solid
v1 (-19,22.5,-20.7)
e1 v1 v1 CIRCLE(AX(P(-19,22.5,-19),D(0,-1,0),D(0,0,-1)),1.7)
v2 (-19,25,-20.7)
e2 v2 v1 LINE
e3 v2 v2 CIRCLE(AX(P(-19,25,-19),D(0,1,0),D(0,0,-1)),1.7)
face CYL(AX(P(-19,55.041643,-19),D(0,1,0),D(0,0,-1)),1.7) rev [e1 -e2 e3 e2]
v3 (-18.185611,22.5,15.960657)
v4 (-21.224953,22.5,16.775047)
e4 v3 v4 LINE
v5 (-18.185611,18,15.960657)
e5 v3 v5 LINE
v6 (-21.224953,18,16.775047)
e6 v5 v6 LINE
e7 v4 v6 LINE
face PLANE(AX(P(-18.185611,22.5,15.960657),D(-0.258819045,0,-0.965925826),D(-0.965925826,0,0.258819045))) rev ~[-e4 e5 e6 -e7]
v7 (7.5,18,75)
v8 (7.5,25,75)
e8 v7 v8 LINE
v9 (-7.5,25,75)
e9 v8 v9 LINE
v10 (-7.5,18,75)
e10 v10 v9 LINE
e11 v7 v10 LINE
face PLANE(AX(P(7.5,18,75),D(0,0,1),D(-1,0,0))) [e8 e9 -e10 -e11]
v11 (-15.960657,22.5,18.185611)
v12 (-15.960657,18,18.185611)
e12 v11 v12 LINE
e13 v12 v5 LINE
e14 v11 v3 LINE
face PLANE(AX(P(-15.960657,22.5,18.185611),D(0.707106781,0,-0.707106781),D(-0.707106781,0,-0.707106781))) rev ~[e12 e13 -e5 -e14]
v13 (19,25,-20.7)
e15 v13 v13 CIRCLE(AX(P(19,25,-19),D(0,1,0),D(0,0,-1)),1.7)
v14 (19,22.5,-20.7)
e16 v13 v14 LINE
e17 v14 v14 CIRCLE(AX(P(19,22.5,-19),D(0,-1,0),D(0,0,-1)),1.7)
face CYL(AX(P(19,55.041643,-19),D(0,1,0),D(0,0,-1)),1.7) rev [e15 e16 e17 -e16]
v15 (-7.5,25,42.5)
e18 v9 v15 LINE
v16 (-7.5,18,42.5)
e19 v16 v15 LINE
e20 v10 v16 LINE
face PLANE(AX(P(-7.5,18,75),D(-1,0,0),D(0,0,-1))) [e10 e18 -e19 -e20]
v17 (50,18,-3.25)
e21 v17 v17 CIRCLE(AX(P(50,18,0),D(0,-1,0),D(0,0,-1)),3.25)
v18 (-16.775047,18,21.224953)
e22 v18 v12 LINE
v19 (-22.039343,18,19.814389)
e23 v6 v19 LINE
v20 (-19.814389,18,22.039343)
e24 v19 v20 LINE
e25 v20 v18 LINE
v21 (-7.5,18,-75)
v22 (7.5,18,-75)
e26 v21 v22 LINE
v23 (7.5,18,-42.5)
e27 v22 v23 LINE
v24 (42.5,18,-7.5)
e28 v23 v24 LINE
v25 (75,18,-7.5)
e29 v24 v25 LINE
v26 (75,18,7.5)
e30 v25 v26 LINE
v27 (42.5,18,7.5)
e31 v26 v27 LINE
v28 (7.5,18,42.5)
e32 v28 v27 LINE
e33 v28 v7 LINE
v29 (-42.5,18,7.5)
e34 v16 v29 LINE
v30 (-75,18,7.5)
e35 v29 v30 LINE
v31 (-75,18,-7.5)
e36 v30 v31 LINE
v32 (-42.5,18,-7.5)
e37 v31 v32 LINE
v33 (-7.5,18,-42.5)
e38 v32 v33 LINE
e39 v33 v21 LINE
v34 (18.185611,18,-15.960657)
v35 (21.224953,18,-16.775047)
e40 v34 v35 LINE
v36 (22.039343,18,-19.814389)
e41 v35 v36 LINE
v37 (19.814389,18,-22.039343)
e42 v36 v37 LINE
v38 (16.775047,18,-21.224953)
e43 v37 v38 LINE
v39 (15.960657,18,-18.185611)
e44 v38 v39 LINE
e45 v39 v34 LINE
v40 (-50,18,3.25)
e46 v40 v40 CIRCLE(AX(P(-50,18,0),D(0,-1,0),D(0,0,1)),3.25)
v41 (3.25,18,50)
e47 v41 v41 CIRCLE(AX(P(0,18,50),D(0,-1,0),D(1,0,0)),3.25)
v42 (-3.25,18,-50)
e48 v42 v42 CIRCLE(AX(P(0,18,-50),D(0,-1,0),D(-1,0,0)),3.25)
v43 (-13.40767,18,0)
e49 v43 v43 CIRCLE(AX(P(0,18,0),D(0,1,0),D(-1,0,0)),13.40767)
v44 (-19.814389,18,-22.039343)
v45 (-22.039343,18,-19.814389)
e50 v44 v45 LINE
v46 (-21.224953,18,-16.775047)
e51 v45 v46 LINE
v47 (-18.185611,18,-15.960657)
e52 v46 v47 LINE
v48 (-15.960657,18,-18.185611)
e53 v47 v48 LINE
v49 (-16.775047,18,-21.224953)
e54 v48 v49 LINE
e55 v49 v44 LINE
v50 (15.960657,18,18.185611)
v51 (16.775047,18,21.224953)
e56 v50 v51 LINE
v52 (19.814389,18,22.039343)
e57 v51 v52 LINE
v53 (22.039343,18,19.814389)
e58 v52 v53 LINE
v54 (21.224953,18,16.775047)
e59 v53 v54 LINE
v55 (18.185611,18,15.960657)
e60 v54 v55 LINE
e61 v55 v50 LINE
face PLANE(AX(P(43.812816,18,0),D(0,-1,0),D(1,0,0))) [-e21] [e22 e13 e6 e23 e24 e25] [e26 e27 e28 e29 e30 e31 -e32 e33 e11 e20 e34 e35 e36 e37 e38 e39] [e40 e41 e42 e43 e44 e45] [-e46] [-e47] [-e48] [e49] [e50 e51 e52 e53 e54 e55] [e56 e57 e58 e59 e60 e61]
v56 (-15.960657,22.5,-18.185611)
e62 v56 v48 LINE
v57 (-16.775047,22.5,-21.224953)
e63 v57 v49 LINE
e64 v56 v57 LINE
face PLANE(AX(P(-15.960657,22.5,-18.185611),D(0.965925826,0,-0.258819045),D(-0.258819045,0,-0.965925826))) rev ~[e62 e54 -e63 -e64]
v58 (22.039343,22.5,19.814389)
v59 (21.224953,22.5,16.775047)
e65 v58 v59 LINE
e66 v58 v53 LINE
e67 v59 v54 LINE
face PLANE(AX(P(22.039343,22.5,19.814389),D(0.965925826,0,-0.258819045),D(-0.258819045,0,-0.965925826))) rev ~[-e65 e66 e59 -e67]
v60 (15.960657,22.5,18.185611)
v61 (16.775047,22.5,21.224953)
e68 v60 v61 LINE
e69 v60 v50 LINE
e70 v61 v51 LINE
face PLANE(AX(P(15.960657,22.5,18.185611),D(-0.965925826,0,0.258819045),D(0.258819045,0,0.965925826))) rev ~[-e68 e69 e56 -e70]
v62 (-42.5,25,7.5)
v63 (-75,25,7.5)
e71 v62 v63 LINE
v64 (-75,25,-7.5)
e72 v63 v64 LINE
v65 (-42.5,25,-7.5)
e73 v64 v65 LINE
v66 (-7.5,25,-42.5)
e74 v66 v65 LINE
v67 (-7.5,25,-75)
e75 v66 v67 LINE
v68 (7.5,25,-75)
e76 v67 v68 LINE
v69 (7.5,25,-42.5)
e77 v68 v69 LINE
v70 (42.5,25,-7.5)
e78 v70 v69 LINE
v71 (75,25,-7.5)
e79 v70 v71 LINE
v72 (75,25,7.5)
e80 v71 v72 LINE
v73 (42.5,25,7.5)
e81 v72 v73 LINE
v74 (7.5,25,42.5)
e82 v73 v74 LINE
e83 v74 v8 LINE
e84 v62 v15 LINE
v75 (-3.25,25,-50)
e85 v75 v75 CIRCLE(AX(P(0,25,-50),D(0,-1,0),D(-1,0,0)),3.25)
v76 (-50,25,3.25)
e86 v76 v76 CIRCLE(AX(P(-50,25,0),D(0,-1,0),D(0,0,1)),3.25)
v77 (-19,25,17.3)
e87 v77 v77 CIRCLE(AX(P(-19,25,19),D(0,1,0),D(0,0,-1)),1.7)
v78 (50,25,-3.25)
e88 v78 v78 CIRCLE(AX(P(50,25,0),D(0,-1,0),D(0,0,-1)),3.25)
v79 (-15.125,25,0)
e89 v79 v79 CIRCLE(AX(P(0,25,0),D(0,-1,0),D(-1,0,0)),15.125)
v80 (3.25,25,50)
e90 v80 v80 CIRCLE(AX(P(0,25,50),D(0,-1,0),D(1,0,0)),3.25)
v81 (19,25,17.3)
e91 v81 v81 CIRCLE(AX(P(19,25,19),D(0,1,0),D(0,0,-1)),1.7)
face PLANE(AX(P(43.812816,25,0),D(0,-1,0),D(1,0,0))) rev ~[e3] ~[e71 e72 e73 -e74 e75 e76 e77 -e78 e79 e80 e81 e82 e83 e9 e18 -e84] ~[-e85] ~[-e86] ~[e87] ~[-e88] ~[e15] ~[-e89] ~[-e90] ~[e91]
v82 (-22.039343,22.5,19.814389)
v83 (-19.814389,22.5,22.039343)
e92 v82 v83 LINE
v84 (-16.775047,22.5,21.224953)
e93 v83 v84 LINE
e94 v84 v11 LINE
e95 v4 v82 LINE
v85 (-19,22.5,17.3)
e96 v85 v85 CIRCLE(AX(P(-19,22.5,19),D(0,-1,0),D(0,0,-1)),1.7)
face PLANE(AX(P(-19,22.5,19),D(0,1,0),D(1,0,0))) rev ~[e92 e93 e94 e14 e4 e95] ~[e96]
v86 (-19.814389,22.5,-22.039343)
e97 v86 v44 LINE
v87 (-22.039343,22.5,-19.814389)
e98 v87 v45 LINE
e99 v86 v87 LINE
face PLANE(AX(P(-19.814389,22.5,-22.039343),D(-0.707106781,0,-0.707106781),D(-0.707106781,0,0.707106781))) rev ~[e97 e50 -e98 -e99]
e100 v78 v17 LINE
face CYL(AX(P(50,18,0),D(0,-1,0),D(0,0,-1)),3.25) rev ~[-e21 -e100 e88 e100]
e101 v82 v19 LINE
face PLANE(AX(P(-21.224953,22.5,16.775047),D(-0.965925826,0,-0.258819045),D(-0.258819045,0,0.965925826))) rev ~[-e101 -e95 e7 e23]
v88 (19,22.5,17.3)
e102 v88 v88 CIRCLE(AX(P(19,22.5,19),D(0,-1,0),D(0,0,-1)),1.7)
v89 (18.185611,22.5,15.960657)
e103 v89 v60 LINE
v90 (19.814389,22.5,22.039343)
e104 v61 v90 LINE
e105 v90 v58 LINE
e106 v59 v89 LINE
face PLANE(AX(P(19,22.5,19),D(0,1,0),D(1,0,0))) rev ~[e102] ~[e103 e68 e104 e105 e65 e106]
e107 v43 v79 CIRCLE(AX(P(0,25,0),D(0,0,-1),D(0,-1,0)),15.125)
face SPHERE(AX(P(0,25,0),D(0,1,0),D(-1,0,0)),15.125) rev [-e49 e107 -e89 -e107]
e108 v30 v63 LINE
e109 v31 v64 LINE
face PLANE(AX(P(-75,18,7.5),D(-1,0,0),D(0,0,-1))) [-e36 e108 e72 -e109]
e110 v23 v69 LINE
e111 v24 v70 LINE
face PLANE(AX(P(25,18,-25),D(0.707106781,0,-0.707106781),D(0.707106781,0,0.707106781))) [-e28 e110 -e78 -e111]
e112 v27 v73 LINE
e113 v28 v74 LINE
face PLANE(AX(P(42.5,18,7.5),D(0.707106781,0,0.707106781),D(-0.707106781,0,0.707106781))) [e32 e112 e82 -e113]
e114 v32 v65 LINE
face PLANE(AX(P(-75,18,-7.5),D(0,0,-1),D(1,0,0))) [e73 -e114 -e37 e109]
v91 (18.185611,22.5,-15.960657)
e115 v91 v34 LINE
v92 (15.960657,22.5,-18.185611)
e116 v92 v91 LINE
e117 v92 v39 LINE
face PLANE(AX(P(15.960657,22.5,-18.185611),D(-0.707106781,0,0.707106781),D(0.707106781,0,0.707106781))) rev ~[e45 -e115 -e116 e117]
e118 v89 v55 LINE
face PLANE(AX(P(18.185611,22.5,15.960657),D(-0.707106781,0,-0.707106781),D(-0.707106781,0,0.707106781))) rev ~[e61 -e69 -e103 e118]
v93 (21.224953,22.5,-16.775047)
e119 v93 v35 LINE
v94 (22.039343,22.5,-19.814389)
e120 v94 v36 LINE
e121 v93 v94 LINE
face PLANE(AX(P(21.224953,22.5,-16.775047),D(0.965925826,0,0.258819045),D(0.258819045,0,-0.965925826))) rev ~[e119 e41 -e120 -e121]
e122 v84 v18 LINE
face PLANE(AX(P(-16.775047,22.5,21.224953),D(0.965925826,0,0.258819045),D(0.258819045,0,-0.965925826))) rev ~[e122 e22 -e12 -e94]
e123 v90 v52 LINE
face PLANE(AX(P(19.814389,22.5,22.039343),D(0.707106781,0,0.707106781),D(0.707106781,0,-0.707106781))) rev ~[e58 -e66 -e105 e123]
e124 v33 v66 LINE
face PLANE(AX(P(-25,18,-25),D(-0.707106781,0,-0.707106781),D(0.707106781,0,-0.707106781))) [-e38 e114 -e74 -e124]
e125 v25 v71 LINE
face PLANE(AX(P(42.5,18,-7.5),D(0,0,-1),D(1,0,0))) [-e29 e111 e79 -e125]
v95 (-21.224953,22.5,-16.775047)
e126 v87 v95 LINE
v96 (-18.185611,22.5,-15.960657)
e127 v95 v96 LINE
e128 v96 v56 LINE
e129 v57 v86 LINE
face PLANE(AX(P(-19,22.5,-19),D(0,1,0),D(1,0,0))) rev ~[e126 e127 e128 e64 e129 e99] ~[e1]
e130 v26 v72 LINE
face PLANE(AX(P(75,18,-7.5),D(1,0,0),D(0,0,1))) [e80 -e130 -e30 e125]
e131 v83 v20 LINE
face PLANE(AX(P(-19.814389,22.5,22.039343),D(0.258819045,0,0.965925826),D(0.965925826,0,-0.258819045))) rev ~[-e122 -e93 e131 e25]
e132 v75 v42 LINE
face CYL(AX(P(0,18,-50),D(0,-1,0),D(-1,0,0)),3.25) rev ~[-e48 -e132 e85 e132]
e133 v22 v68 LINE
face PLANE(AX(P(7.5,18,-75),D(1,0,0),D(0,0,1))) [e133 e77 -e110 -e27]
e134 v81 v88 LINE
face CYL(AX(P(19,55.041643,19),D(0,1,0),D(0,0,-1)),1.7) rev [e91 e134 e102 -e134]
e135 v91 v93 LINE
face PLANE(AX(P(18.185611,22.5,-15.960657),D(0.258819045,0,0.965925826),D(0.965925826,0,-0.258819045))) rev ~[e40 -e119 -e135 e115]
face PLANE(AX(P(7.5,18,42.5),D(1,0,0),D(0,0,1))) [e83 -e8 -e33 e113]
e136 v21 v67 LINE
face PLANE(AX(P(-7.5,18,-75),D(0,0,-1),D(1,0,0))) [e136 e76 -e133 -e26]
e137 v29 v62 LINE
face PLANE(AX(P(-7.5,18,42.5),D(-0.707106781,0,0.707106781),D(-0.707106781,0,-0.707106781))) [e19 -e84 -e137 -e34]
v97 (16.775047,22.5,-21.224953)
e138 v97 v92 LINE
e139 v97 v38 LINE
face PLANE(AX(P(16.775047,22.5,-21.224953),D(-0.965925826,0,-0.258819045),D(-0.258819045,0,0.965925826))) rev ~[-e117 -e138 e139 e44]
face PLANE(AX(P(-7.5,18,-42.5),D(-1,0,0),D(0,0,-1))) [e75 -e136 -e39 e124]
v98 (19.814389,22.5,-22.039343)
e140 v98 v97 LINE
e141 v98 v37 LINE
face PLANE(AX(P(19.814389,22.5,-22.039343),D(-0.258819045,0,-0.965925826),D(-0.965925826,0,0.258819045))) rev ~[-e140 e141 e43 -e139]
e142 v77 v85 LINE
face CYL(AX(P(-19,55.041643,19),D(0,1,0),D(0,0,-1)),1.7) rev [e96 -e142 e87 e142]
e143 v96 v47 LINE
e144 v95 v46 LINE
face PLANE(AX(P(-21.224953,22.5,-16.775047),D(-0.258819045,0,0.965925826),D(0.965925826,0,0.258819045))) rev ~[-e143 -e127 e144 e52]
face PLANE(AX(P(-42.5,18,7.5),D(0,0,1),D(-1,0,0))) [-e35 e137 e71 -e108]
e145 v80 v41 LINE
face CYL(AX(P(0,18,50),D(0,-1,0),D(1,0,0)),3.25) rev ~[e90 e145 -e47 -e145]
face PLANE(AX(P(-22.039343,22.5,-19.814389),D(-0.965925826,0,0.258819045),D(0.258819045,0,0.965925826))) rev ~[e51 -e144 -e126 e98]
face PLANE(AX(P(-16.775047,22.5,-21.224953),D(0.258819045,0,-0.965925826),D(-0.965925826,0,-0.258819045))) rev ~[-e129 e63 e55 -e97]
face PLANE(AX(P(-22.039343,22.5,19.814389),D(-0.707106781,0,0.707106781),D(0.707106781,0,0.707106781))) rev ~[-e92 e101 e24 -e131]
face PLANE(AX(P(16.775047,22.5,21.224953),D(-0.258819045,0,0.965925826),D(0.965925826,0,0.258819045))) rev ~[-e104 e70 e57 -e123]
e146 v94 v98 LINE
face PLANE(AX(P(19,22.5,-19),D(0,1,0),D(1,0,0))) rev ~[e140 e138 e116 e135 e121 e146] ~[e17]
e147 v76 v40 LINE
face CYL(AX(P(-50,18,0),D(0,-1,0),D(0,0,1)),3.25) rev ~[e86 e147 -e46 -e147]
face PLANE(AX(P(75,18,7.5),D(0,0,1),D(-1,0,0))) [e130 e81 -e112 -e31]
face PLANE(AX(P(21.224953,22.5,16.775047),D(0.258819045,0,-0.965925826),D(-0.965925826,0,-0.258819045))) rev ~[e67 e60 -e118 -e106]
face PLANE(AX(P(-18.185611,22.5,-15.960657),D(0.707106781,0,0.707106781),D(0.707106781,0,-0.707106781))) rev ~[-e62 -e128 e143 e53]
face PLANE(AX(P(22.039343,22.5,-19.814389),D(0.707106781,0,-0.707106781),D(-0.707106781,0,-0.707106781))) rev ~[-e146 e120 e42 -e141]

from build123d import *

# Parameters (mm, degrees)
SKETCH1_W               = 50
SKETCH1_H               = 50
BOSS_EXTRUDE1_DEPTH     = 25
CUT_EXTRUDE1_DEPTH      = 44.301270189
CUT_EXTRUDE1_DEPTH_BACK = 44.301270189
SKETCH3_R               = 5.1
CUT_EXTRUDE2_DEPTH      = 62.23724357
CUT_EXTRUDE2_DEPTH_BACK = 62.23724357
SKETCH4_W               = 50
SKETCH4_H               = 18
CUT_EXTRUDE3_START      = -2.5
SKETCH5_R               = 1.7
CUT_EXTRUDE3_DEPTH      = 34.541642582
CUT_EXTRUDE5_DEPTH      = 37.041642582
CUT_EXTRUDE5_DEPTH_BACK = 37.041642582
SKETCH6_R               = 1.7
BOSS_EXTRUDE5_DEPTH     = 7
SKETCH8_R               = 3.25
CUT_EXTRUDE6_DEPTH      = 107.296754419
CIRPATTERN1_COUNT       = 4


with BuildPart() as part:
    # Sketch1 → Boss-Extrude1 (new body)
    with BuildSketch(Plane(origin=(0, 0, 0), x_dir=(1, 0, 0), z_dir=(0, 1, 0))):
        Rectangle(SKETCH1_W, SKETCH1_H)
    extrude(amount=BOSS_EXTRUDE1_DEPTH)

    # Sketch2 → Cut-Revolve1 (revolve, cut)
    with BuildSketch(Plane.XY):
        with BuildLine():
            Line((-15.125, 25), (0, 25))
            Line((0, 25), (0, 9.875))
            ThreePointArc((0, 9.875), (-10.694990065, 14.305009935), (-15.125, 25))
        make_face()
    revolve(axis=Axis((0, 25, 0), (0, -1, 0)), mode=Mode.SUBTRACT)

    # Sketch3 → Cut-Extrude1 (cut, two sides: drawn at the far end of the back side and taken through both)
    with BuildSketch(Plane.XZ.offset(-CUT_EXTRUDE1_DEPTH_BACK)):
        with Locations(Location((0, 0, 0), (0, 0, 90))):
            Circle(SKETCH3_R)
    extrude(amount=CUT_EXTRUDE1_DEPTH + CUT_EXTRUDE1_DEPTH_BACK, mode=Mode.SUBTRACT)

    # Sketch4 → Cut-Extrude2 (cut, two sides: drawn at the far end of the back side and taken through both)
    with BuildSketch(Plane.ZY.offset(25).offset(-CUT_EXTRUDE2_DEPTH_BACK)):
        with Locations((0, 9)):
            Rectangle(SKETCH4_W, SKETCH4_H)
    extrude(amount=CUT_EXTRUDE2_DEPTH + CUT_EXTRUDE2_DEPTH_BACK, mode=Mode.SUBTRACT)

    # Sketch5 → Cut-Extrude3 (cut, through all)
    # profile 1 of 4: a face of its own
    with BuildSketch(Plane(origin=(0, 25, 0), x_dir=(1, 0, 0), z_dir=(0, 1, 0)).offset(CUT_EXTRUDE3_START)):
        Polygon((22.03934257, 19.814389387), (19.814389387, 22.03934257), (16.775046817, 21.224953183), (15.96065743, 18.185610613), (18.185610613, 15.96065743), (21.224953183, 16.775046817), align=None)
        with Locations(Location((19, 19, 0), (0, 0, 270))):
            Circle(SKETCH5_R, mode=Mode.SUBTRACT)
    # profile 2 of 4: a face of its own
    with BuildSketch(Plane(origin=(0, 25, 0), x_dir=(1, 0, 0), z_dir=(0, 1, 0)).offset(CUT_EXTRUDE3_START)):
        Polygon((-16.775046817, 21.224953183), (-19.814389387, 22.03934257), (-22.03934257, 19.814389387), (-21.224953183, 16.775046817), (-18.185610613, 15.96065743), (-15.96065743, 18.185610613), align=None)
        with Locations(Location((-19, 19, 0), (0, 0, 270))):
            Circle(SKETCH5_R, mode=Mode.SUBTRACT)
    # profile 3 of 4: a face of its own
    with BuildSketch(Plane(origin=(0, 25, 0), x_dir=(1, 0, 0), z_dir=(0, 1, 0)).offset(CUT_EXTRUDE3_START)):
        Polygon((19.814389387, -22.03934257), (22.03934257, -19.814389387), (21.224953183, -16.775046817), (18.185610613, -15.96065743), (15.96065743, -18.185610613), (16.775046817, -21.224953183), align=None)
        with Locations(Location((19, -19, 0), (0, 0, 270))):
            Circle(SKETCH5_R, mode=Mode.SUBTRACT)
    # profile 4 of 4: a face of its own
    with BuildSketch(Plane(origin=(0, 25, 0), x_dir=(1, 0, 0), z_dir=(0, 1, 0)).offset(CUT_EXTRUDE3_START)):
        Polygon((-22.03934257, -19.814389387), (-19.814389387, -22.03934257), (-16.775046817, -21.224953183), (-15.96065743, -18.185610613), (-18.185610613, -15.96065743), (-21.224953183, -16.775046817), align=None)
        with Locations(Location((-19, -19, 0), (0, 0, 270))):
            Circle(SKETCH5_R, mode=Mode.SUBTRACT)
    extrude(amount=-CUT_EXTRUDE3_DEPTH, mode=Mode.SUBTRACT)

    # Sketch6 → Cut-Extrude5 (cut, two sides: drawn at the far end of the back side and taken through both)
    with BuildSketch(Plane.XZ.offset(-18).offset(-CUT_EXTRUDE5_DEPTH_BACK)):
        with Locations(Location((-19, -19, 0), (0, 0, 270))):
            Circle(SKETCH6_R)
        with Locations(Location((19, -19, 0), (0, 0, 270))):
            Circle(SKETCH6_R)
        with Locations(Location((19, 19, 0), (0, 0, 270))):
            Circle(SKETCH6_R)
        with Locations(Location((-19, 19, 0), (0, 0, 270))):
            Circle(SKETCH6_R)
    extrude(amount=CUT_EXTRUDE5_DEPTH + CUT_EXTRUDE5_DEPTH_BACK, mode=Mode.SUBTRACT)

    # Sketch7 → Boss-Extrude5 (add)
    with BuildSketch(Plane.XZ.offset(-18)):
        Polygon((42.5, 7.5), (25, 25), (25, -25), (42.5, -7.5), (75, -7.5), (75, 7.5), align=None)
        Polygon((-25, 25), (25, 25), (7.5, 42.5), (7.5, 75), (-7.5, 75), (-7.5, 42.5), align=None)
        Polygon((7.5, -42.5), (25, -25), (-25, -25), (-7.5, -42.5), (-7.5, -75), (7.5, -75), align=None)
        Polygon((-25, -25), (-25, 25), (-42.5, 7.5), (-75, 7.5), (-75, -7.5), (-42.5, -7.5), align=None)
    extrude(amount=-BOSS_EXTRUDE5_DEPTH)

    # Sketch8 → Cut-Extrude6 (cut, symmetric)
    with BuildSketch(Plane.XZ.offset(-18)):
        with Locations(Location((50, 0, 0), (0, 0, 270))):
            Circle(SKETCH8_R)
    cut_extrude6 = extrude(amount=CUT_EXTRUDE6_DEPTH, both=True, mode=Mode.SUBTRACT)

    # CirPattern1: Cut-Extrude6 ×4 about axis
    cirpattern1_axis = Axis((0, 0, 0), (0, 1, 0))
    for i in range(1, CIRPATTERN1_COUNT):
        add(cut_extrude6.rotate(cirpattern1_axis, i * 360 / CIRPATTERN1_COUNT), mode=Mode.SUBTRACT)

    # Sketch2<2> → Cut-Revolve2 (revolve, cut)
    with BuildSketch(Plane.XY):
        with BuildLine():
            Line((-15.125, 25), (0, 25))
            Line((0, 25), (0, 9.875))
            ThreePointArc((0, 9.875), (-10.694990065, 14.305009935), (-15.125, 25))
        make_face()
    revolve(axis=Axis((0, 25, 0), (0, -1, 0)), mode=Mode.SUBTRACT)


solid = part.part
